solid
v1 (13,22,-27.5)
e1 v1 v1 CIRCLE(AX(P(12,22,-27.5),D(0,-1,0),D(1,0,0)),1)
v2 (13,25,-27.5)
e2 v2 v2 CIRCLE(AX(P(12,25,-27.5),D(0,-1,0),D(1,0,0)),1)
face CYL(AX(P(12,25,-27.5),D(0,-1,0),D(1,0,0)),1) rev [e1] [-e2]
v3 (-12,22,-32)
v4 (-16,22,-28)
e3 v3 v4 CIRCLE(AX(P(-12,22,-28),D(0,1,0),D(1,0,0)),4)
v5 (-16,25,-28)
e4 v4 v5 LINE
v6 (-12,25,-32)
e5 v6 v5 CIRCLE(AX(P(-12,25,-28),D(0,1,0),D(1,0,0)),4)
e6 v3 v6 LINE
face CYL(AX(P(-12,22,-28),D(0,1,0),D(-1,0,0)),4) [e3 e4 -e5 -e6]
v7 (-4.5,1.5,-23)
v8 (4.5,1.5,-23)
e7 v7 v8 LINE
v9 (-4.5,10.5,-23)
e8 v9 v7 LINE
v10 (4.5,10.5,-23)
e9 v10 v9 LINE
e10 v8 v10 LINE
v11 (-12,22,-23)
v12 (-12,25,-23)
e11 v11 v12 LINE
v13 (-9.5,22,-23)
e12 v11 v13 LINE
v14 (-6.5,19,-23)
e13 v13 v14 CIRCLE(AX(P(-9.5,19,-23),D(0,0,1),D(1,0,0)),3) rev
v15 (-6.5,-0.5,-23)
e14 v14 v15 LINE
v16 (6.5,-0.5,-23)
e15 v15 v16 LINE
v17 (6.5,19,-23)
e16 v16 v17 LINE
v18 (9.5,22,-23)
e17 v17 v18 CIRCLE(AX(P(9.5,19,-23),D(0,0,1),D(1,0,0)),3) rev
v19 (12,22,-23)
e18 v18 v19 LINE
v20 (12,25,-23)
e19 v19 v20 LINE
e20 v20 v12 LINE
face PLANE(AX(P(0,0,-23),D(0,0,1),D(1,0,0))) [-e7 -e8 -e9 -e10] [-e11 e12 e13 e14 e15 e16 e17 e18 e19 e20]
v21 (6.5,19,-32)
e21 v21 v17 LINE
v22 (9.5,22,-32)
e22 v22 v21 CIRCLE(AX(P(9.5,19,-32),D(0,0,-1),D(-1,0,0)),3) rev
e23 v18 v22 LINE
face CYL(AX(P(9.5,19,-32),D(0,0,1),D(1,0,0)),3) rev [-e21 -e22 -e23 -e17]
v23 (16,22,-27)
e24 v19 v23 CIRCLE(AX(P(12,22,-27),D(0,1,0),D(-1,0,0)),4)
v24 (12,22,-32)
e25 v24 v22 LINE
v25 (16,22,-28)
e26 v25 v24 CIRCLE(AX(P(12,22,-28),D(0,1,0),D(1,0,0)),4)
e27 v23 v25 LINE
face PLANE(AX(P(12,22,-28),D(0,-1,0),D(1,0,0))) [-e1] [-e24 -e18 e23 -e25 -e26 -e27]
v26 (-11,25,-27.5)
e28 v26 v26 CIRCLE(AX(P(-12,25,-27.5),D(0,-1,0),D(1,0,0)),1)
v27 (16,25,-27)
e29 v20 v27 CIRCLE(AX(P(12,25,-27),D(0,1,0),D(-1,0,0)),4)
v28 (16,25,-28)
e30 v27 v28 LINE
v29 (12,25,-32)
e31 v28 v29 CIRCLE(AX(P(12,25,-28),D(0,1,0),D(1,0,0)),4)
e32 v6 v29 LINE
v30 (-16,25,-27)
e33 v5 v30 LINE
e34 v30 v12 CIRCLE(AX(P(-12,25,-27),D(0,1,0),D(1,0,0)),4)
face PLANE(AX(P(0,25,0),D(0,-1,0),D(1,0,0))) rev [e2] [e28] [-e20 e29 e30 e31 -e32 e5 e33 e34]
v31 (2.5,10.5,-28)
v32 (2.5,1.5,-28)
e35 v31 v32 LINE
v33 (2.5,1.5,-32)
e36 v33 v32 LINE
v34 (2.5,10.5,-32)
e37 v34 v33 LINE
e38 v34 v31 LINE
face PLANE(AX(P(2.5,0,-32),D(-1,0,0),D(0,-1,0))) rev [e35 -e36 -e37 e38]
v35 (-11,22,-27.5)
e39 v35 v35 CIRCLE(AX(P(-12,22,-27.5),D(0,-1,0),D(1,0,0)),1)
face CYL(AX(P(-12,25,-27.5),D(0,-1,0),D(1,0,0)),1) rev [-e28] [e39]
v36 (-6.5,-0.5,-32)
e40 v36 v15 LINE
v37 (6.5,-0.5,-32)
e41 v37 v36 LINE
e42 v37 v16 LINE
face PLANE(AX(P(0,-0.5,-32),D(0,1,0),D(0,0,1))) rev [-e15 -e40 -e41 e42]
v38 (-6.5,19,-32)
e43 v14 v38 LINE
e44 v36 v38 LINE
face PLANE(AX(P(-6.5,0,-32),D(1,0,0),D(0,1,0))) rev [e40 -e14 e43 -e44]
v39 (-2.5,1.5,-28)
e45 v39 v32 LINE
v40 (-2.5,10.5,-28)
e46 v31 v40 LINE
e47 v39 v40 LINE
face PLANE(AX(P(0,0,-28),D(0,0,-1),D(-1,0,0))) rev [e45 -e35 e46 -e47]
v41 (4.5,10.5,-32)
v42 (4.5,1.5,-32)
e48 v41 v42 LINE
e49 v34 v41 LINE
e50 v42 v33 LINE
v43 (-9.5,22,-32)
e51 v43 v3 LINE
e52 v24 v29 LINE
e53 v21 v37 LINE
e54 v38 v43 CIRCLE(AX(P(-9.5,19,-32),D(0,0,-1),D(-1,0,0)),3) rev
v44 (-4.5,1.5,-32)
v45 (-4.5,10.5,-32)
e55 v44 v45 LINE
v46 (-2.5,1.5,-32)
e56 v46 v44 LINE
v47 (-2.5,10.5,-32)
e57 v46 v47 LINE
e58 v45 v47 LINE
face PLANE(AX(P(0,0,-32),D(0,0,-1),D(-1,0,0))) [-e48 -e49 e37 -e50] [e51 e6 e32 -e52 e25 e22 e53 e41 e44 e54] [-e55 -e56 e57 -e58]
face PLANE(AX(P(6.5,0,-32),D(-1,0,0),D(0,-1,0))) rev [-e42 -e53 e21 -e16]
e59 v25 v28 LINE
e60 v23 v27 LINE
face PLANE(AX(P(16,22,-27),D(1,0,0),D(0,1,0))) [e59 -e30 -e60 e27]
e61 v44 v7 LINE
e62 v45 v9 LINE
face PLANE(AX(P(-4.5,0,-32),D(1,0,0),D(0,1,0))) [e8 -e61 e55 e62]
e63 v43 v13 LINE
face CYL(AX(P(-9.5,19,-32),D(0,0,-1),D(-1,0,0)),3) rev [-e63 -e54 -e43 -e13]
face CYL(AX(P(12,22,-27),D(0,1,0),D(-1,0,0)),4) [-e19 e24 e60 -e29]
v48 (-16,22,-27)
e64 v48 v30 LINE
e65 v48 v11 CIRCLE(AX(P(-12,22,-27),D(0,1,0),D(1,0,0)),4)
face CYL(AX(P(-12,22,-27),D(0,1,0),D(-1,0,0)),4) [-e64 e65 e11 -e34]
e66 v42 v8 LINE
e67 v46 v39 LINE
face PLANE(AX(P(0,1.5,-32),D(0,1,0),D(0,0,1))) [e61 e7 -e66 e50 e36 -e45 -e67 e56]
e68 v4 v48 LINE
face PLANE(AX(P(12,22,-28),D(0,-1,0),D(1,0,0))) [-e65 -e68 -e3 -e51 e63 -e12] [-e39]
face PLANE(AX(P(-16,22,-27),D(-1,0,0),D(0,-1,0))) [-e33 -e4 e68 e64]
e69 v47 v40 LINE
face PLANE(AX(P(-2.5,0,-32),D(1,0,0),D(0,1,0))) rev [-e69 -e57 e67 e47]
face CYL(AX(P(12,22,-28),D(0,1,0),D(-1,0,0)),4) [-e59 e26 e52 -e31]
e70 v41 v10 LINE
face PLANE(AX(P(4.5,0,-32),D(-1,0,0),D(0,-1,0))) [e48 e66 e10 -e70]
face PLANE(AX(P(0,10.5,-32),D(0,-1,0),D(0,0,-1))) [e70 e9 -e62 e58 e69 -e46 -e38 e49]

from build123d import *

# Parameters (mm, degrees)
SKETCH1_W           = 13
SKETCH1_H           = 13
SKETCH1_W_2         = 5
SKETCH1_H_2         = 9
BOSS_EXTRUDE1_DEPTH = 4
SKETCH2_W           = 13
SKETCH2_H           = 13
SKETCH2_W_2         = 9
SKETCH2_H_2         = 9
BOSS_EXTRUDE2_DEPTH = 5
SKETCH3_W           = 13
SKETCH3_H           = 9
BOSS_EXTRUDE3_DEPTH = 12.5
BOSS_EXTRUDE4_DEPTH = 3
FILLET1_R           = 3
SKETCH5_R           = 1
CUT_EXTRUDE1_DEPTH  = 43.264050918


with BuildPart() as part:
    # Sketch1 → Boss-Extrude1 (new body)
    # profile 1 of 2: a face of its own
    with BuildSketch(Plane(origin=(0, 0, -28), x_dir=(-1, 0, 0), z_dir=(0, 0, -1))):
        with Locations((0, 6)):
            Rectangle(SKETCH1_W, SKETCH1_H)
        Polygon((-4.5, 10.5), (-2.5, 10.5), (2.5, 10.5), (4.5, 10.5), (4.5, 1.5), (2.5, 1.5), (-2.5, 1.5), (-4.5, 1.5), align=None, mode=Mode.SUBTRACT)
    # profile 2 of 2: a face of its own
    with BuildSketch(Plane(origin=(0, 0, -28), x_dir=(-1, 0, 0), z_dir=(0, 0, -1))):
        with Locations((0, 6)):
            Rectangle(SKETCH1_W_2, SKETCH1_H_2)
    extrude(amount=BOSS_EXTRUDE1_DEPTH)

    # Sketch2 → Boss-Extrude2 (add)
    with BuildSketch(Plane.XY.offset(-28)):
        with Locations((0, 6)):
            Rectangle(SKETCH2_W, SKETCH2_H)
        with Locations((0, 6)):
            Rectangle(SKETCH2_W_2, SKETCH2_H_2, mode=Mode.SUBTRACT)
    extrude(amount=BOSS_EXTRUDE2_DEPTH)

    # Sketch3 → Boss-Extrude3 (add)
    with BuildSketch(Plane(origin=(0, 12.5, 0), x_dir=(1, 0, 0), z_dir=(0, 1, 0))):
        with Locations((0, 27.5)):
            Rectangle(SKETCH3_W, SKETCH3_H)
    extrude(amount=BOSS_EXTRUDE3_DEPTH)

    # Sketch4 → Boss-Extrude4 (add)
    with BuildSketch(Plane(origin=(0, 25, 0), x_dir=(1, 0, 0), z_dir=(0, 1, 0))):
        with BuildLine():
            Line((-12, 23), (12, 23))
            ThreePointArc((12, 23), (14.828427125, 24.171572875), (16, 27))
            Line((16, 27), (16, 28))
            ThreePointArc((16, 28), (14.828427125, 30.828427125), (12, 32))
            Line((12, 32), (-12, 32))
            ThreePointArc((-12, 32), (-14.828427125, 30.828427125), (-16, 28))
            Line((-16, 28), (-16, 27))
            ThreePointArc((-16, 27), (-14.828427125, 24.171572875), (-12, 23))
        make_face()
    extrude(amount=-BOSS_EXTRUDE4_DEPTH)

    # Fillet1
    fillet1_edges = [part.edges().sort_by_distance(p)[0] for p in [
        (-6.5, 22, -27.5),
        (6.5, 22, -27.5),
    ]]
    fillet(fillet1_edges, radius=FILLET1_R)

    # Sketch5 → Cut-Extrude1 (cut, through all)
    with BuildSketch(Plane.XZ.offset(-22)):
        with Locations((-12, -27.5)):
            Circle(SKETCH5_R)
        with Locations((12, -27.5)):
            Circle(SKETCH5_R)
    extrude(amount=-CUT_EXTRUDE1_DEPTH, mode=Mode.SUBTRACT)


solid = part.part
